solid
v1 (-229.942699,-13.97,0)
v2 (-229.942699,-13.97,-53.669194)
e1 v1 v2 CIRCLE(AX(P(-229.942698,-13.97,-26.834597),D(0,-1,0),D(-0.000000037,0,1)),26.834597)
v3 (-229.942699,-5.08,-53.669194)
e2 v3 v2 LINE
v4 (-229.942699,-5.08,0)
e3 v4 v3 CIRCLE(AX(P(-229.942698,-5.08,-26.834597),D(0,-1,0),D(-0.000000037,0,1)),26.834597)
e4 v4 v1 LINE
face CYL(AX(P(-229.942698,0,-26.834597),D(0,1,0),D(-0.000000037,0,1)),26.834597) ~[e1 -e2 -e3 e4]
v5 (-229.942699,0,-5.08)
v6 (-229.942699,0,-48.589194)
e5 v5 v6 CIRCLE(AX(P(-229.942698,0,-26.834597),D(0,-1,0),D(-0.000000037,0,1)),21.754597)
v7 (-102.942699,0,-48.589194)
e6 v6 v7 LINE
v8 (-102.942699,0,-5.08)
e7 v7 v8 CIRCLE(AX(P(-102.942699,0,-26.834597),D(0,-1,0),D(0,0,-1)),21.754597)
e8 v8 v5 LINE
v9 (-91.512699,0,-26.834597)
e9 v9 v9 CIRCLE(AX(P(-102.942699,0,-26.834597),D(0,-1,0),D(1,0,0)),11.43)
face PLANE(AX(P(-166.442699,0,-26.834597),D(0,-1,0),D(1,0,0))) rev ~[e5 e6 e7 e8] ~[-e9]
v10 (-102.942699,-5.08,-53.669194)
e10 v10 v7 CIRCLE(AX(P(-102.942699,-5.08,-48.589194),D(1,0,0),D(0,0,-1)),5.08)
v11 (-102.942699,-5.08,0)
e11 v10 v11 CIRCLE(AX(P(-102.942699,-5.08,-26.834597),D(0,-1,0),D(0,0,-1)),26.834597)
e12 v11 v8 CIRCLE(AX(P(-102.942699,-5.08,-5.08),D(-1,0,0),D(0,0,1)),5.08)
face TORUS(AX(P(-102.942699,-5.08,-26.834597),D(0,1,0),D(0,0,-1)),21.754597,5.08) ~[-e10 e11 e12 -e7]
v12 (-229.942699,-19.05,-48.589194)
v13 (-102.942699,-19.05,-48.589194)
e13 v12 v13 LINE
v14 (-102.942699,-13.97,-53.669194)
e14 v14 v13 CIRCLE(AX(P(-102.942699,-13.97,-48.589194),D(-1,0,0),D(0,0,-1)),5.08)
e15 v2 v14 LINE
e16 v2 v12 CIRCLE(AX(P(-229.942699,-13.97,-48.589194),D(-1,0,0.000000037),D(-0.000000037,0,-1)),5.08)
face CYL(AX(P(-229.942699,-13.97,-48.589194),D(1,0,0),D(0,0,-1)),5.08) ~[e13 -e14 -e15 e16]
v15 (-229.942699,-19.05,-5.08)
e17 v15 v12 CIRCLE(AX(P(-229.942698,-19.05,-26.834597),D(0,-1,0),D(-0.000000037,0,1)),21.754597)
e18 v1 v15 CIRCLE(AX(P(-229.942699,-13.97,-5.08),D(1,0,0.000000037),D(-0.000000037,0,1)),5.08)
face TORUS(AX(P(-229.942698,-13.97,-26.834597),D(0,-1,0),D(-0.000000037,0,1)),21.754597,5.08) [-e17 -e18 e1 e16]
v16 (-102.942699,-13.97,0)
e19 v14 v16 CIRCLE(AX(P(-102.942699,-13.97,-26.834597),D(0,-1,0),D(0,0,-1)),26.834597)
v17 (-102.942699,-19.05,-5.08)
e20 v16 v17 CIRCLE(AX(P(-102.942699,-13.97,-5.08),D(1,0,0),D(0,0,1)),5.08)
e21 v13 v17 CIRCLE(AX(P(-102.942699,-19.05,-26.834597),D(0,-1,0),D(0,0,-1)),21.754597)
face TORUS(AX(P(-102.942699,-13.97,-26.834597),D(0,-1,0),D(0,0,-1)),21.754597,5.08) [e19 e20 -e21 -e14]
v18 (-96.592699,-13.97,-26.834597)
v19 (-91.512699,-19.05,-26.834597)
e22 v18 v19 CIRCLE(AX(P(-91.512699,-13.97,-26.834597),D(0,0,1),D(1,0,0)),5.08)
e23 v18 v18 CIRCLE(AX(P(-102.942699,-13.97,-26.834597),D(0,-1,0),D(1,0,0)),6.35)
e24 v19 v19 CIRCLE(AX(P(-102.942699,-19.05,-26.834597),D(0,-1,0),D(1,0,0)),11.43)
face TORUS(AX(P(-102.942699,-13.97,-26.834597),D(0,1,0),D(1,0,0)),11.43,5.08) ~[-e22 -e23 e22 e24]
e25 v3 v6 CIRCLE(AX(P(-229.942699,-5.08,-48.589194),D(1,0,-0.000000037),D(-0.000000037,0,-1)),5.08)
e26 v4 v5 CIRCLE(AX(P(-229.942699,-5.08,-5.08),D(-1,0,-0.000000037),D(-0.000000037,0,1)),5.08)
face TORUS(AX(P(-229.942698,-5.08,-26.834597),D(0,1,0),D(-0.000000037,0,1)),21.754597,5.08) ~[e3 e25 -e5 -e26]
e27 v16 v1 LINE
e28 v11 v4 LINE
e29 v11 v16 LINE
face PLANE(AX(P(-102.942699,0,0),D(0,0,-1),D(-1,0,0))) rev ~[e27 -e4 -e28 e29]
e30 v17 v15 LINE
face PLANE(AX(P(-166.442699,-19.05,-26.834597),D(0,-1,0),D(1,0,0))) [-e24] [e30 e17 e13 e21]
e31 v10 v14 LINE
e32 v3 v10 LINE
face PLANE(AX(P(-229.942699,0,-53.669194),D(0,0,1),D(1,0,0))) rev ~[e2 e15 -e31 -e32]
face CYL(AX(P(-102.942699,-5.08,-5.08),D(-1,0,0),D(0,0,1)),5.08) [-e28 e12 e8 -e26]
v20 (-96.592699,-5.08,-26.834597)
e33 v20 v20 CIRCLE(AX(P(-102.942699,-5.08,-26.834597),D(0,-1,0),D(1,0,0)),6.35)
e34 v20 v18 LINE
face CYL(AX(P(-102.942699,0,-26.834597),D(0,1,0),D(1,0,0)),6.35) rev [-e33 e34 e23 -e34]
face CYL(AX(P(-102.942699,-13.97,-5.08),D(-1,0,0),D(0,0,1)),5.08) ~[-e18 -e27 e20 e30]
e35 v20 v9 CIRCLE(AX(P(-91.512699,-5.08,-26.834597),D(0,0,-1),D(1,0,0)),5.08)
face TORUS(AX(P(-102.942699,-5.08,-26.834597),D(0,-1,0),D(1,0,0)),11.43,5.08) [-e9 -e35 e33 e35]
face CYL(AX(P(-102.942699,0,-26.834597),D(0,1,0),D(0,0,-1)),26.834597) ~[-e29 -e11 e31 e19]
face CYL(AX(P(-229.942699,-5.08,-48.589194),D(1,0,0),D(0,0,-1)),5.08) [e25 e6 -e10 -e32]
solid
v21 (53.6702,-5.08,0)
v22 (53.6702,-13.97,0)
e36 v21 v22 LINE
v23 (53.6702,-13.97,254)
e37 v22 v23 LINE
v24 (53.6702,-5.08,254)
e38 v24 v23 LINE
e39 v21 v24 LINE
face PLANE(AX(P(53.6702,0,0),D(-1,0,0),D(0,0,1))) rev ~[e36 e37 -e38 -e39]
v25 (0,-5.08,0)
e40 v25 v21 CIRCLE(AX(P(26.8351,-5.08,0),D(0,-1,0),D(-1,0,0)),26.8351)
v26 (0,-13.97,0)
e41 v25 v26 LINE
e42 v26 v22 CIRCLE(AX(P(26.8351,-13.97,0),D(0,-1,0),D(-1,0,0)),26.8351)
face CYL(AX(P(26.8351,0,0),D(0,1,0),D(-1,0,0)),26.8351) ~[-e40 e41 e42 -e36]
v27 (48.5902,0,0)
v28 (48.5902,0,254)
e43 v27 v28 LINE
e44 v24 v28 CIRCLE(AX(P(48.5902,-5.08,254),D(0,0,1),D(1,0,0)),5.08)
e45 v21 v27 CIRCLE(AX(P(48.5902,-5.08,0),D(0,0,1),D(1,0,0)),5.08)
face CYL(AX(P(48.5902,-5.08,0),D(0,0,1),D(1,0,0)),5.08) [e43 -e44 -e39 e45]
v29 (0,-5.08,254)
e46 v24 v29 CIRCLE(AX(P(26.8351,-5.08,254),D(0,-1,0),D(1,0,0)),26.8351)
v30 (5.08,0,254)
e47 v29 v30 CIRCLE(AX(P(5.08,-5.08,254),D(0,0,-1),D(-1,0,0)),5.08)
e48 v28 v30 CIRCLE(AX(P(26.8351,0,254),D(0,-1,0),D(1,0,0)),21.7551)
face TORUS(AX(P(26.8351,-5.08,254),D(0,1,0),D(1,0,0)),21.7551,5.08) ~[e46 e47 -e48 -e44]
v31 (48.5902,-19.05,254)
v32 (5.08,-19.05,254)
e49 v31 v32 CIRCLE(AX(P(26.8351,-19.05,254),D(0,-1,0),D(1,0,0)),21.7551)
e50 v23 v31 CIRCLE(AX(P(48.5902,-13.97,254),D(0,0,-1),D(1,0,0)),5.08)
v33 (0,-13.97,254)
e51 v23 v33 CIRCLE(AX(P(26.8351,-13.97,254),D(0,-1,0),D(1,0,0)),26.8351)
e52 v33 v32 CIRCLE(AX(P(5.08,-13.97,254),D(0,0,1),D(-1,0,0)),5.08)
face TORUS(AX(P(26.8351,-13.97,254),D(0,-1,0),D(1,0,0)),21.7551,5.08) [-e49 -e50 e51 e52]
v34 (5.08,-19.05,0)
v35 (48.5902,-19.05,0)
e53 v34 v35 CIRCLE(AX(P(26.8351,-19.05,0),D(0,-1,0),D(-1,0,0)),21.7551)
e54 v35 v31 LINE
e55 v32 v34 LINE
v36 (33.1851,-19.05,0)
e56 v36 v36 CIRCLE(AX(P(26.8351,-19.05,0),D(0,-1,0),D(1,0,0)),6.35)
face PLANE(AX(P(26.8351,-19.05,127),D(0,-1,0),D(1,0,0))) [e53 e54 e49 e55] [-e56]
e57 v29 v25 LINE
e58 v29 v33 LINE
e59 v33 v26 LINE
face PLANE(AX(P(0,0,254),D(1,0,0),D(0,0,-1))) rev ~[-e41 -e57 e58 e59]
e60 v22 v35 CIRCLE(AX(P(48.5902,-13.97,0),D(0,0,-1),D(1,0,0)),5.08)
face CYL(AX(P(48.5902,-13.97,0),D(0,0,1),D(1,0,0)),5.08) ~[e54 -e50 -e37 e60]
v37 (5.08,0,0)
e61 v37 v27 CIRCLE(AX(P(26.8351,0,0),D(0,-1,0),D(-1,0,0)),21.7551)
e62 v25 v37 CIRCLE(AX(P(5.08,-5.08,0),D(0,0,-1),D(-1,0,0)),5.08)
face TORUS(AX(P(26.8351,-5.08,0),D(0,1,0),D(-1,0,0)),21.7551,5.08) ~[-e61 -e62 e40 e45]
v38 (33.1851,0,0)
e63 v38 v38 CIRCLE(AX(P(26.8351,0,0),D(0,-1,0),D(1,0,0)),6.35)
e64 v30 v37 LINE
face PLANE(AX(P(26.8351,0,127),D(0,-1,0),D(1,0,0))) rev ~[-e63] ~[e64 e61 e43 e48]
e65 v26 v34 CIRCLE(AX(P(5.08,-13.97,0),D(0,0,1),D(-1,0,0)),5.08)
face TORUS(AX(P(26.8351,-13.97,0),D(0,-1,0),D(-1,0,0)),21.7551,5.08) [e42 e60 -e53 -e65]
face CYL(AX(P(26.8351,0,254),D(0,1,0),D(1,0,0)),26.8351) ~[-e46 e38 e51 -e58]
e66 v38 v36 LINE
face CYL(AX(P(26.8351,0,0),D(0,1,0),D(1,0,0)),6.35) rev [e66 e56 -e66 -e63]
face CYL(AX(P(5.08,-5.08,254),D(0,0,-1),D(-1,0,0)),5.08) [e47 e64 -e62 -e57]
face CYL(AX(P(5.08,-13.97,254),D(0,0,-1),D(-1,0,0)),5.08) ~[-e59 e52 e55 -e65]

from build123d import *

# Parameters (mm, degrees)
F1_R     = 6.35
F2_DEPTH = 19.05
F0_R     = 6.35
F3_DEPTH = 19.05
F4_R     = 5.08
F5_R     = 5.08


with BuildPart() as f2:
    # F1 (on Front) → F2 (new body)
    with BuildSketch(Plane.XZ):
        with BuildLine():
            Line((-229.942699, -53.669194), (-102.942699, -53.669194))
            ThreePointArc((-102.942699, -53.669194), (-76.108102, -26.834597), (-102.942699, 0))
            Line((-102.942699, 0), (-229.942699, 0))
            ThreePointArc((-229.942699, 0), (-256.777295, -26.834597), (-229.942699, -53.669194))
        make_face()
        with Locations((-102.942699, -26.834597)):
            Circle(F1_R, mode=Mode.SUBTRACT)
    extrude(amount=F2_DEPTH)

    # F5
    f5_edges = [f2.edges().sort_by_distance(p)[0] for p in [
        (-256.777295, -19.05, -26.834597),
        (-166.442699, -19.05, -53.669194),
        (-76.108102, -19.05, -26.834597),
        (-166.442699, -19.05, 0),
        (-109.292699, -19.05, -26.834597),
        (-256.777295, 0, -26.834597),
        (-166.442699, 0, -53.669194),
        (-76.108102, 0, -26.834597),
        (-166.442699, 0, 0),
        (-109.292699, 0, -26.834597),
    ]]
    fillet(f5_edges, radius=F5_R)


with BuildPart() as f3:
    # F0 (on Front) → F3 (new body)
    with BuildSketch(Plane.XZ):
        with BuildLine():
            ThreePointArc((0, 0), (26.8351, -26.8351), (53.6702, 0))
            Line((53.6702, 0), (53.6702, 254))
            ThreePointArc((53.6702, 254), (26.8351, 280.8351), (0, 254))
            Line((0, 254), (0, 0))
        make_face()
        with Locations((26.8351, 0)):
            Circle(F0_R, mode=Mode.SUBTRACT)
    extrude(amount=F3_DEPTH)

    # F4
    f4_edges = [f3.edges().sort_by_distance(p)[0] for p in [
        (0, -19.05, 127),
        (53.6702, 0, 127),
        (53.6702, -19.05, 127),
        (0, 0, 127),
    ]]
    fillet(f4_edges, radius=F4_R)


solid = Compound([f2.part, f3.part])
